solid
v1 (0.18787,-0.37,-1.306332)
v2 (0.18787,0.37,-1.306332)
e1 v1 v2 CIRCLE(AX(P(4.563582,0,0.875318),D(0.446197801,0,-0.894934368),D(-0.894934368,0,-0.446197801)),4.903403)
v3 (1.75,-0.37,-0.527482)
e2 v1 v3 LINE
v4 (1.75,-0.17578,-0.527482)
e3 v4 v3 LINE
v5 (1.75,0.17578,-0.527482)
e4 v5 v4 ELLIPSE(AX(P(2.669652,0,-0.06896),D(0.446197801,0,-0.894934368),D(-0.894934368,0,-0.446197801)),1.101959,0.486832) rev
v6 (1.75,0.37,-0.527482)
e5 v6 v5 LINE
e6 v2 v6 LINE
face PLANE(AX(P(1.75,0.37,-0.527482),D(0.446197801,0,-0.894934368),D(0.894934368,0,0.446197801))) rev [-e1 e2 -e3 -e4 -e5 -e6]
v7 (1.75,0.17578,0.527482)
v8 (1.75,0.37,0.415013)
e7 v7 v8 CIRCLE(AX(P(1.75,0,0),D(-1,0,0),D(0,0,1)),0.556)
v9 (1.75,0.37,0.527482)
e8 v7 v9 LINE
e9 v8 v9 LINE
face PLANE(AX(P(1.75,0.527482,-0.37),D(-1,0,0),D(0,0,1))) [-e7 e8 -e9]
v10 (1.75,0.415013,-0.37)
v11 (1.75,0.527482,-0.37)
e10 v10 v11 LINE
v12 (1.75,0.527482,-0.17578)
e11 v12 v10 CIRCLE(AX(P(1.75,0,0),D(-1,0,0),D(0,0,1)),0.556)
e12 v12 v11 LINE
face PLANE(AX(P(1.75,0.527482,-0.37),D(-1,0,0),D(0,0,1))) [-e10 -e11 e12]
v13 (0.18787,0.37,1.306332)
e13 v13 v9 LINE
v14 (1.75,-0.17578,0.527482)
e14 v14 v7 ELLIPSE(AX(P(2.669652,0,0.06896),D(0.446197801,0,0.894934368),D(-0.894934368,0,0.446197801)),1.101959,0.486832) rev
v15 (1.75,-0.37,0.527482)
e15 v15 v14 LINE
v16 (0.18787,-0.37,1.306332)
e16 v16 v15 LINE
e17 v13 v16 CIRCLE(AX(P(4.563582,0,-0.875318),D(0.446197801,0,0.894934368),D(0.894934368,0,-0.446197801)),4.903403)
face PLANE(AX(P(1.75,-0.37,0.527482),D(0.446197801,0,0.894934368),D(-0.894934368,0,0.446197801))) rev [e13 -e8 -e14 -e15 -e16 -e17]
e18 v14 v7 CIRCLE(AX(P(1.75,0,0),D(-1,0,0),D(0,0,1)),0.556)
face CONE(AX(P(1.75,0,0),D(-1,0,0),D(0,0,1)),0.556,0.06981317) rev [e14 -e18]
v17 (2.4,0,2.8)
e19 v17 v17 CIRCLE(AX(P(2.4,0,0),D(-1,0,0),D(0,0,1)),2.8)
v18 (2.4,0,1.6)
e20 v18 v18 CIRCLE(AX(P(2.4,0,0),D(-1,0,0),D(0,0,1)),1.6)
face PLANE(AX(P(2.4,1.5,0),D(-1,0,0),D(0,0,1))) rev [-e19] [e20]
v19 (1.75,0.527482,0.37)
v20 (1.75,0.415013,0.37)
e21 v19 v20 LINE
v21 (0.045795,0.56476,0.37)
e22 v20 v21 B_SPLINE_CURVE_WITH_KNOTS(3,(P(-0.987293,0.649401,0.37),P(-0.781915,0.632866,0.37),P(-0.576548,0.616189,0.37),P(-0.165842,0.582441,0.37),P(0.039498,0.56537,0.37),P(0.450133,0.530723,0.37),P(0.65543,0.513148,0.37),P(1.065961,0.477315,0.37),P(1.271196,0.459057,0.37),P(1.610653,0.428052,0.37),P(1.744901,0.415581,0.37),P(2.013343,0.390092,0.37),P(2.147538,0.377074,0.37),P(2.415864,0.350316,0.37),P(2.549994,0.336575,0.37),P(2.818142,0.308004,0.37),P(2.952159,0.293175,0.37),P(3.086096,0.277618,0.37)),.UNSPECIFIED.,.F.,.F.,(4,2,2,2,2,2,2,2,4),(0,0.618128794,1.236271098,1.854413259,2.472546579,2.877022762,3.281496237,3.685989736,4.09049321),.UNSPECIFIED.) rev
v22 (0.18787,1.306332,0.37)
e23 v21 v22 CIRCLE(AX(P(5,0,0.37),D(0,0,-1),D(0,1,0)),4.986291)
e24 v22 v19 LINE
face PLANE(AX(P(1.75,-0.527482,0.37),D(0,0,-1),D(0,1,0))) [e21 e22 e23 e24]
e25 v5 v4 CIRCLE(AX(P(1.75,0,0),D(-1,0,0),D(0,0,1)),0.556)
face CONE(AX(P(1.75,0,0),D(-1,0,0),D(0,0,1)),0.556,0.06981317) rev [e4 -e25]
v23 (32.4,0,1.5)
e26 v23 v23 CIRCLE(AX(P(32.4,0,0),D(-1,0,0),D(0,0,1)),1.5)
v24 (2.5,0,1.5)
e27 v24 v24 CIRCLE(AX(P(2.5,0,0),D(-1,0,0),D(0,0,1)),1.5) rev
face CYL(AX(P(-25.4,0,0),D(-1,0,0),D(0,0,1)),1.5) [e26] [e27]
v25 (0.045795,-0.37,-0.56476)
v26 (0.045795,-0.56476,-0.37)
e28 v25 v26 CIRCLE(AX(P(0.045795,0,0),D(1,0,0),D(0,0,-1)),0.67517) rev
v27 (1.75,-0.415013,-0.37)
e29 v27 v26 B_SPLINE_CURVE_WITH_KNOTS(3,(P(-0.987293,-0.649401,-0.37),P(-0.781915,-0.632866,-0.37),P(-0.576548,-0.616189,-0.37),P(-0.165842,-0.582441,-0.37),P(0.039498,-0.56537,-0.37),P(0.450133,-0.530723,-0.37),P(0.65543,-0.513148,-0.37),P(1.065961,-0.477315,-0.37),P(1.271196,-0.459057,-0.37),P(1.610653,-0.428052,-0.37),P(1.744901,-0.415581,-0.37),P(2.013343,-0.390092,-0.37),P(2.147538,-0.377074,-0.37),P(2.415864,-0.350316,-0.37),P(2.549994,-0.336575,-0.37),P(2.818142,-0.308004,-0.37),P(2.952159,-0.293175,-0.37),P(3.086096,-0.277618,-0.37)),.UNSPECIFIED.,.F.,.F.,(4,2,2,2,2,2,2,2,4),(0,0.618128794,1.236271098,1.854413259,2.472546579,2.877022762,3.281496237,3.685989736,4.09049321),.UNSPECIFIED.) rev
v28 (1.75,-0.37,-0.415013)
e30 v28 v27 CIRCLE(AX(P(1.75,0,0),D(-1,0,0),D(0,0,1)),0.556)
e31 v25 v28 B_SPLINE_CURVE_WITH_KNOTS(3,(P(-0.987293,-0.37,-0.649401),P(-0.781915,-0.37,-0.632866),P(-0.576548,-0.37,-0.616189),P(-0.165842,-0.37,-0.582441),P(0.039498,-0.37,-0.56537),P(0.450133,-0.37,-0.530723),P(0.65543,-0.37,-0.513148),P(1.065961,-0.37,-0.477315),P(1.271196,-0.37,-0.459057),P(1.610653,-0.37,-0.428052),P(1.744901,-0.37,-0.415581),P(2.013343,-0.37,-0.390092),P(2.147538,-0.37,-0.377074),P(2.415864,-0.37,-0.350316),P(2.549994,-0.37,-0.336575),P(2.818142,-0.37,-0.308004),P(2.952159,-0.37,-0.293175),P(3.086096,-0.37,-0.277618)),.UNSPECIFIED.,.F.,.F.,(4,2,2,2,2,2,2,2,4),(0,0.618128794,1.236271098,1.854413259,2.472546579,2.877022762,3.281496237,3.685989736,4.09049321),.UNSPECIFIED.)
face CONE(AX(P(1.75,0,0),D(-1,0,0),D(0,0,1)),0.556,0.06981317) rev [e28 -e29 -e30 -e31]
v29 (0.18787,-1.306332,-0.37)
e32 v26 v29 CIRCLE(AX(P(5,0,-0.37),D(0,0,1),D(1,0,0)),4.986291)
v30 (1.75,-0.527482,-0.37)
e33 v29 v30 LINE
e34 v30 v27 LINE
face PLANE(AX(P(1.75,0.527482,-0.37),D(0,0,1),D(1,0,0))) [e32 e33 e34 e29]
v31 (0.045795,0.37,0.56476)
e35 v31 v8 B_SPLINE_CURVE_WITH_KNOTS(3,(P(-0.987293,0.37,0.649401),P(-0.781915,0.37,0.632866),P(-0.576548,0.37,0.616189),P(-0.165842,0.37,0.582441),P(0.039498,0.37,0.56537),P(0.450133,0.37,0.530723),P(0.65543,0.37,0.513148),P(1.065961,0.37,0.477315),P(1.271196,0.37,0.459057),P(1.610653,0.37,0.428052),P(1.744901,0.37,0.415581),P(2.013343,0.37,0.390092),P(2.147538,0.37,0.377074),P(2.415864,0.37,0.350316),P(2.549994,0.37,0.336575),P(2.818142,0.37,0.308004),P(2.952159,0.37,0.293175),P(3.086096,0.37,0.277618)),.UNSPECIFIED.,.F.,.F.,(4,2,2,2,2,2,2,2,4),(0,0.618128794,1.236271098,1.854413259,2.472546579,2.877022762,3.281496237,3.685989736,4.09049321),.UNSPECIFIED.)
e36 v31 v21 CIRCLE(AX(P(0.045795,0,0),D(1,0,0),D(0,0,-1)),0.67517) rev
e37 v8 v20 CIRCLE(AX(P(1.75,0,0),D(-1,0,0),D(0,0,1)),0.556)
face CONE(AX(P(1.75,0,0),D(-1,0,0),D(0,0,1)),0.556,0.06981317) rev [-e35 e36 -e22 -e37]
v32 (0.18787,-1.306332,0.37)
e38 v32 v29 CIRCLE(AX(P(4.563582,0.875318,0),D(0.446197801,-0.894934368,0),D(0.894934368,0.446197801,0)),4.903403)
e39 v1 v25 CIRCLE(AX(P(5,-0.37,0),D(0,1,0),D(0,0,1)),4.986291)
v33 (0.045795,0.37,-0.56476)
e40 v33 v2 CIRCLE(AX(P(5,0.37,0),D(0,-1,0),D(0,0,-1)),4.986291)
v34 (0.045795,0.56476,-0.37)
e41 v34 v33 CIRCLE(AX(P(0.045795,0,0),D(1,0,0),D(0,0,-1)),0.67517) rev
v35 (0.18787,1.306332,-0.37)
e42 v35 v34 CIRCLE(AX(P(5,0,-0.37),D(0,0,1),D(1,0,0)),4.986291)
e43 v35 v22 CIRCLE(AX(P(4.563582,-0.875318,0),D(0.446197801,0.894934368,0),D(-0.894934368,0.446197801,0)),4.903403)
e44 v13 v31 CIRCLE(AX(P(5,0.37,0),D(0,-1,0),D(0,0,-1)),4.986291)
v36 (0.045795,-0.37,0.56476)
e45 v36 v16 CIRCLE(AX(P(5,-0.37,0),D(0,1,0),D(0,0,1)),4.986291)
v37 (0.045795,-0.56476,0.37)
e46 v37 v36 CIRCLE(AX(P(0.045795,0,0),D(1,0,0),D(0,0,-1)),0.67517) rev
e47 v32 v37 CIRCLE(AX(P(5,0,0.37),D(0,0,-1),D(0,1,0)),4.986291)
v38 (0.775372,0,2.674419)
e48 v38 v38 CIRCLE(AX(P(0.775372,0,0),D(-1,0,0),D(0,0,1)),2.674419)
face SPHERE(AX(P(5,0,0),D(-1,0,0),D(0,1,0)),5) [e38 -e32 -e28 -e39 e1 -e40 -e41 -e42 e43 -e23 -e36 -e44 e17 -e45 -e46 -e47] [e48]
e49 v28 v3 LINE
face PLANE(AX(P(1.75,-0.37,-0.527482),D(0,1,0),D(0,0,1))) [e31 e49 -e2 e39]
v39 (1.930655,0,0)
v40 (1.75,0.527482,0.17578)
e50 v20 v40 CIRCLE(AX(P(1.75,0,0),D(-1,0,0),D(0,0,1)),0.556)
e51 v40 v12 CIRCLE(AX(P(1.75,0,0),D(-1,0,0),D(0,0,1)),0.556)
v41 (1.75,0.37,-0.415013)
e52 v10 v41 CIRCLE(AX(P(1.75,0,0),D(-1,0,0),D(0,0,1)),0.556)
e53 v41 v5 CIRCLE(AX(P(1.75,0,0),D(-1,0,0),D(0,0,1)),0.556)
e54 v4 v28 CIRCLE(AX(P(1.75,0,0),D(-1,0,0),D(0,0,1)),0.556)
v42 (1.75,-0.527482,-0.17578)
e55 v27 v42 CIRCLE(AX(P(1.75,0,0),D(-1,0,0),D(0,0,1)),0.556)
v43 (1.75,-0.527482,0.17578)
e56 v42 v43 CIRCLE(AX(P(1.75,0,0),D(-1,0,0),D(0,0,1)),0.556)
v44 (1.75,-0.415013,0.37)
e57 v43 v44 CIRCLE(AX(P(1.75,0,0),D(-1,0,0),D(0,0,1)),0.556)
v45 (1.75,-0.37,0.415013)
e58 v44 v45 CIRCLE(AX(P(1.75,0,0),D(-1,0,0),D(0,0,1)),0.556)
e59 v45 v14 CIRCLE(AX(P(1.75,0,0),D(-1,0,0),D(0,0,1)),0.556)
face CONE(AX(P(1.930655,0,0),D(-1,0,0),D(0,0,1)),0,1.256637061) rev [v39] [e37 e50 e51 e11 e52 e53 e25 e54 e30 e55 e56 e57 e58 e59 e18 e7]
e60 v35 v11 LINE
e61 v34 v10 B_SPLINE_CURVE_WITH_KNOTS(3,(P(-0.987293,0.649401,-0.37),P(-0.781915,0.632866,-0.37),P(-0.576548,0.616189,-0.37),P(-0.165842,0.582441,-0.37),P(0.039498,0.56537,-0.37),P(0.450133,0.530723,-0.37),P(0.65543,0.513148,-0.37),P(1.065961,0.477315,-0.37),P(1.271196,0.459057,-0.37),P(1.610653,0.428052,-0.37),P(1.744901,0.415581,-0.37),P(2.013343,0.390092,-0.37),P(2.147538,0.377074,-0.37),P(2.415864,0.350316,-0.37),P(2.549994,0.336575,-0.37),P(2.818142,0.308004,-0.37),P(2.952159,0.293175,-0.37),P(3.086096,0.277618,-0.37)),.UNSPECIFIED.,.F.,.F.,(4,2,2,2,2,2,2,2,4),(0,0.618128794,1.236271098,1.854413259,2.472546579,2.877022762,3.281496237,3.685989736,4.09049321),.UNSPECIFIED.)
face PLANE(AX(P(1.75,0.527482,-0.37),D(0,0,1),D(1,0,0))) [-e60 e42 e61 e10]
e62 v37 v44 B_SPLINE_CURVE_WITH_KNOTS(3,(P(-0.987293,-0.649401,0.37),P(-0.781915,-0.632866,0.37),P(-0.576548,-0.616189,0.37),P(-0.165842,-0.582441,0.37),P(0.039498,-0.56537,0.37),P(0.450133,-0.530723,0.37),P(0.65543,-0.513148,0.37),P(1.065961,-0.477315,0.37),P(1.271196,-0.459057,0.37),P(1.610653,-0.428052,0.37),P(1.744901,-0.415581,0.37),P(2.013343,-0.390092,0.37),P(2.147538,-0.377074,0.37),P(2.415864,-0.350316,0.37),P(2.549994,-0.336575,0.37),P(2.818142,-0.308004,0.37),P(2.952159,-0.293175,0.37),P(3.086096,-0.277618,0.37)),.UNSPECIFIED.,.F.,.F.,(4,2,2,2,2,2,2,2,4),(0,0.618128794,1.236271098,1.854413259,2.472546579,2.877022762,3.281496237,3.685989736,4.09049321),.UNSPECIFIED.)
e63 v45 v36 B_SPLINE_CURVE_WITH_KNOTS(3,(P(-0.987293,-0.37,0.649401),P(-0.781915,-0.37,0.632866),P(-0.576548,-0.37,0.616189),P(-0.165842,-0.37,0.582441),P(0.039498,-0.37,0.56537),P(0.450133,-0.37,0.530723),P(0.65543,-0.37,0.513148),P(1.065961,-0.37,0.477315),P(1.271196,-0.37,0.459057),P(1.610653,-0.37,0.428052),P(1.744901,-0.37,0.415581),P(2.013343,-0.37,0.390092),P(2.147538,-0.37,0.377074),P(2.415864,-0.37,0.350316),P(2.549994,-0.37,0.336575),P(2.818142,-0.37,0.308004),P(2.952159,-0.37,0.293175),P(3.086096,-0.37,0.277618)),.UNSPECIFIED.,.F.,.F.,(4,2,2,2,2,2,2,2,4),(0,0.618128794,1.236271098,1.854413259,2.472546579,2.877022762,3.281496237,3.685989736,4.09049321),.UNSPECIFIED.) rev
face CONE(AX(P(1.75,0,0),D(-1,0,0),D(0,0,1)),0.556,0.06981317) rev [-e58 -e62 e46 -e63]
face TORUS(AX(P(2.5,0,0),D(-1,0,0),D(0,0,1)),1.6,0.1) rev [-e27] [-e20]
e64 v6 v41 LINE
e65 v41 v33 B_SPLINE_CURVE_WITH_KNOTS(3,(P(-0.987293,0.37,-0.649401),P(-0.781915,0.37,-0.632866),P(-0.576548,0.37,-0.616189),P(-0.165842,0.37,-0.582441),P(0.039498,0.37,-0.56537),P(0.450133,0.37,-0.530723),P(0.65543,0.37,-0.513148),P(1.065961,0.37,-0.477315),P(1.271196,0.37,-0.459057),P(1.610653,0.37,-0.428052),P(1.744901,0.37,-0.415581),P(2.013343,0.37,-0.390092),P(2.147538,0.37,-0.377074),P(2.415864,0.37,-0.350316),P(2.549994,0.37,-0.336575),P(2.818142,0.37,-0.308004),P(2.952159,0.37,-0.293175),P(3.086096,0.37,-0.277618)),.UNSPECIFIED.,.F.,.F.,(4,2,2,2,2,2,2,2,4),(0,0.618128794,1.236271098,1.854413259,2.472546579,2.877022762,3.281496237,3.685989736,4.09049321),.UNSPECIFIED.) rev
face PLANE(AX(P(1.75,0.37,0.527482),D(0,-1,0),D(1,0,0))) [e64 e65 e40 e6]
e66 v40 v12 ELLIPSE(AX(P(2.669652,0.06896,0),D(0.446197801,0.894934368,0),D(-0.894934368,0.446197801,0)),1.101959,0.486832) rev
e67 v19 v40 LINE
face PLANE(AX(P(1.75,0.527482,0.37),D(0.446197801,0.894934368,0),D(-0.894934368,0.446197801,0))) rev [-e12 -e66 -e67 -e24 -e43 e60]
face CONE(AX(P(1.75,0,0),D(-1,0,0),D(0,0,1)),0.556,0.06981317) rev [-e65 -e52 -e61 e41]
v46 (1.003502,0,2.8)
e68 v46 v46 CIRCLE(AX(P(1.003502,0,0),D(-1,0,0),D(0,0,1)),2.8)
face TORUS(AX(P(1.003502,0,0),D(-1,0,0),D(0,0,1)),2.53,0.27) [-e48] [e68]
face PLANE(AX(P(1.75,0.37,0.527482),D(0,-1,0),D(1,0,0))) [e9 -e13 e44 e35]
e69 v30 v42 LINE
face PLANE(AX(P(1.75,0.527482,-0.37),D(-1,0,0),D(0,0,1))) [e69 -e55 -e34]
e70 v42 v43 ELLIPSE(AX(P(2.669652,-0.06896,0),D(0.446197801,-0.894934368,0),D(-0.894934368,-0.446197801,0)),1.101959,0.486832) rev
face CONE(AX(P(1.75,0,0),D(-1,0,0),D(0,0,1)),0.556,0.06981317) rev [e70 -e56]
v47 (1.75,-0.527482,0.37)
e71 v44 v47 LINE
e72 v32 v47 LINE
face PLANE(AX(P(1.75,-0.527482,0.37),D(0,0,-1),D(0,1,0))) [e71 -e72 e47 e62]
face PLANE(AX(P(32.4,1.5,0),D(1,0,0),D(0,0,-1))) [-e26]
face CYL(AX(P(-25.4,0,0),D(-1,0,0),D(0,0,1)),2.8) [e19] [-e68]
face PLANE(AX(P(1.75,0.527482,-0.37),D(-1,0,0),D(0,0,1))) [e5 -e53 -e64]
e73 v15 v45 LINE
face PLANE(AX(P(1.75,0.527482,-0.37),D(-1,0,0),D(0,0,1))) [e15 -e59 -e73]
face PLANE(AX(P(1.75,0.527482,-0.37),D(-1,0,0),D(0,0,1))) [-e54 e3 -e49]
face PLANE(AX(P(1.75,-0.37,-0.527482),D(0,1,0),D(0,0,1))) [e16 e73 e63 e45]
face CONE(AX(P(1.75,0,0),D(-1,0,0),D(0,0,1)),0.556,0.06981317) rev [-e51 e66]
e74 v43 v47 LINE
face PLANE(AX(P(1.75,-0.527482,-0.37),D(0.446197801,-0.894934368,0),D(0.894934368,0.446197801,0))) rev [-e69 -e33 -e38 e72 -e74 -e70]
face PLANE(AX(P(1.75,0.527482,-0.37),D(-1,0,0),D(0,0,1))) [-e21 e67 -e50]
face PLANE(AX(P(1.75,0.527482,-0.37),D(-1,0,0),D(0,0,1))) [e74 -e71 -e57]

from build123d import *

# Parameters (mm, degrees)
FILLET1_R    = 0.1
SKETCH3_W    = 0.74
SKETCH3_H    = 2.8
SKETCH4_W    = 0.74
SKETCH4_H    = 1.054964432
RECPAT_COUNT = 2
RECPAT_ANGLE = 90


with BuildPart() as part:
    # BodySke → Base-Revolve (revolve)
    with BuildSketch(Plane.XY):
        with BuildLine():
            Line((2.4, 1.5), (2.4, 2.8))
            Line((2.4, 2.8), (1.003501533, 2.8))
            ThreePointArc((1.003501533, 2.8), (0.873295971, 2.76653015), (0.775371599, 2.674418605))
            ThreePointArc((0.775371599, 2.674418605), (0.197753546, 1.392274756), (0, 0))
            Line((0, 0), (32.4, 0))
            Line((32.4, 0), (32.4, 1.5))
            Line((32.4, 1.5), (2.4, 1.5))
        make_face()
    revolve(axis=Axis((-25.4, 0, 0), (1, 0, 0)))

    # Fillet1
    fillet1_edges = [part.edges().sort_by_distance(p)[0] for p in [
        (2.4, -1.5, 0),
    ]]
    fillet(fillet1_edges, radius=FILLET1_R)

    # Sketch3 → Recess section 0
    with BuildSketch(Plane(origin=(0, 0, 0), x_dir=(0, 0, -1), z_dir=(1, 0, 0))):
        Rectangle(SKETCH3_W, SKETCH3_H)
    # Sketch4 → Recess section 1
    with BuildSketch(Plane(origin=(1.75, 0, 0), x_dir=(0, 0, -1), z_dir=(1, 0, 0))):
        Rectangle(SKETCH4_W, SKETCH4_H)
    recess = loft(mode=Mode.SUBTRACT)

    # RecPat: Recess ×2 about axis
    recpat_axis = Axis((0, 0, 0), (1, 0, 0))
    for i in range(1, RECPAT_COUNT):
        add(recess.rotate(recpat_axis, i * RECPAT_ANGLE / (RECPAT_COUNT - 1)), mode=Mode.SUBTRACT)

    # RecCorSke → RecessCore (revolve, cut)
    with BuildSketch(Plane.XY):
        Polygon((0, 0), (0, 0.678371921), (1.75, 0.556), (1.930655351, 0), align=None)
    revolve(axis=Axis((-3.175, 0, 0), (1, 0, 0)), mode=Mode.SUBTRACT)


solid = part.part
